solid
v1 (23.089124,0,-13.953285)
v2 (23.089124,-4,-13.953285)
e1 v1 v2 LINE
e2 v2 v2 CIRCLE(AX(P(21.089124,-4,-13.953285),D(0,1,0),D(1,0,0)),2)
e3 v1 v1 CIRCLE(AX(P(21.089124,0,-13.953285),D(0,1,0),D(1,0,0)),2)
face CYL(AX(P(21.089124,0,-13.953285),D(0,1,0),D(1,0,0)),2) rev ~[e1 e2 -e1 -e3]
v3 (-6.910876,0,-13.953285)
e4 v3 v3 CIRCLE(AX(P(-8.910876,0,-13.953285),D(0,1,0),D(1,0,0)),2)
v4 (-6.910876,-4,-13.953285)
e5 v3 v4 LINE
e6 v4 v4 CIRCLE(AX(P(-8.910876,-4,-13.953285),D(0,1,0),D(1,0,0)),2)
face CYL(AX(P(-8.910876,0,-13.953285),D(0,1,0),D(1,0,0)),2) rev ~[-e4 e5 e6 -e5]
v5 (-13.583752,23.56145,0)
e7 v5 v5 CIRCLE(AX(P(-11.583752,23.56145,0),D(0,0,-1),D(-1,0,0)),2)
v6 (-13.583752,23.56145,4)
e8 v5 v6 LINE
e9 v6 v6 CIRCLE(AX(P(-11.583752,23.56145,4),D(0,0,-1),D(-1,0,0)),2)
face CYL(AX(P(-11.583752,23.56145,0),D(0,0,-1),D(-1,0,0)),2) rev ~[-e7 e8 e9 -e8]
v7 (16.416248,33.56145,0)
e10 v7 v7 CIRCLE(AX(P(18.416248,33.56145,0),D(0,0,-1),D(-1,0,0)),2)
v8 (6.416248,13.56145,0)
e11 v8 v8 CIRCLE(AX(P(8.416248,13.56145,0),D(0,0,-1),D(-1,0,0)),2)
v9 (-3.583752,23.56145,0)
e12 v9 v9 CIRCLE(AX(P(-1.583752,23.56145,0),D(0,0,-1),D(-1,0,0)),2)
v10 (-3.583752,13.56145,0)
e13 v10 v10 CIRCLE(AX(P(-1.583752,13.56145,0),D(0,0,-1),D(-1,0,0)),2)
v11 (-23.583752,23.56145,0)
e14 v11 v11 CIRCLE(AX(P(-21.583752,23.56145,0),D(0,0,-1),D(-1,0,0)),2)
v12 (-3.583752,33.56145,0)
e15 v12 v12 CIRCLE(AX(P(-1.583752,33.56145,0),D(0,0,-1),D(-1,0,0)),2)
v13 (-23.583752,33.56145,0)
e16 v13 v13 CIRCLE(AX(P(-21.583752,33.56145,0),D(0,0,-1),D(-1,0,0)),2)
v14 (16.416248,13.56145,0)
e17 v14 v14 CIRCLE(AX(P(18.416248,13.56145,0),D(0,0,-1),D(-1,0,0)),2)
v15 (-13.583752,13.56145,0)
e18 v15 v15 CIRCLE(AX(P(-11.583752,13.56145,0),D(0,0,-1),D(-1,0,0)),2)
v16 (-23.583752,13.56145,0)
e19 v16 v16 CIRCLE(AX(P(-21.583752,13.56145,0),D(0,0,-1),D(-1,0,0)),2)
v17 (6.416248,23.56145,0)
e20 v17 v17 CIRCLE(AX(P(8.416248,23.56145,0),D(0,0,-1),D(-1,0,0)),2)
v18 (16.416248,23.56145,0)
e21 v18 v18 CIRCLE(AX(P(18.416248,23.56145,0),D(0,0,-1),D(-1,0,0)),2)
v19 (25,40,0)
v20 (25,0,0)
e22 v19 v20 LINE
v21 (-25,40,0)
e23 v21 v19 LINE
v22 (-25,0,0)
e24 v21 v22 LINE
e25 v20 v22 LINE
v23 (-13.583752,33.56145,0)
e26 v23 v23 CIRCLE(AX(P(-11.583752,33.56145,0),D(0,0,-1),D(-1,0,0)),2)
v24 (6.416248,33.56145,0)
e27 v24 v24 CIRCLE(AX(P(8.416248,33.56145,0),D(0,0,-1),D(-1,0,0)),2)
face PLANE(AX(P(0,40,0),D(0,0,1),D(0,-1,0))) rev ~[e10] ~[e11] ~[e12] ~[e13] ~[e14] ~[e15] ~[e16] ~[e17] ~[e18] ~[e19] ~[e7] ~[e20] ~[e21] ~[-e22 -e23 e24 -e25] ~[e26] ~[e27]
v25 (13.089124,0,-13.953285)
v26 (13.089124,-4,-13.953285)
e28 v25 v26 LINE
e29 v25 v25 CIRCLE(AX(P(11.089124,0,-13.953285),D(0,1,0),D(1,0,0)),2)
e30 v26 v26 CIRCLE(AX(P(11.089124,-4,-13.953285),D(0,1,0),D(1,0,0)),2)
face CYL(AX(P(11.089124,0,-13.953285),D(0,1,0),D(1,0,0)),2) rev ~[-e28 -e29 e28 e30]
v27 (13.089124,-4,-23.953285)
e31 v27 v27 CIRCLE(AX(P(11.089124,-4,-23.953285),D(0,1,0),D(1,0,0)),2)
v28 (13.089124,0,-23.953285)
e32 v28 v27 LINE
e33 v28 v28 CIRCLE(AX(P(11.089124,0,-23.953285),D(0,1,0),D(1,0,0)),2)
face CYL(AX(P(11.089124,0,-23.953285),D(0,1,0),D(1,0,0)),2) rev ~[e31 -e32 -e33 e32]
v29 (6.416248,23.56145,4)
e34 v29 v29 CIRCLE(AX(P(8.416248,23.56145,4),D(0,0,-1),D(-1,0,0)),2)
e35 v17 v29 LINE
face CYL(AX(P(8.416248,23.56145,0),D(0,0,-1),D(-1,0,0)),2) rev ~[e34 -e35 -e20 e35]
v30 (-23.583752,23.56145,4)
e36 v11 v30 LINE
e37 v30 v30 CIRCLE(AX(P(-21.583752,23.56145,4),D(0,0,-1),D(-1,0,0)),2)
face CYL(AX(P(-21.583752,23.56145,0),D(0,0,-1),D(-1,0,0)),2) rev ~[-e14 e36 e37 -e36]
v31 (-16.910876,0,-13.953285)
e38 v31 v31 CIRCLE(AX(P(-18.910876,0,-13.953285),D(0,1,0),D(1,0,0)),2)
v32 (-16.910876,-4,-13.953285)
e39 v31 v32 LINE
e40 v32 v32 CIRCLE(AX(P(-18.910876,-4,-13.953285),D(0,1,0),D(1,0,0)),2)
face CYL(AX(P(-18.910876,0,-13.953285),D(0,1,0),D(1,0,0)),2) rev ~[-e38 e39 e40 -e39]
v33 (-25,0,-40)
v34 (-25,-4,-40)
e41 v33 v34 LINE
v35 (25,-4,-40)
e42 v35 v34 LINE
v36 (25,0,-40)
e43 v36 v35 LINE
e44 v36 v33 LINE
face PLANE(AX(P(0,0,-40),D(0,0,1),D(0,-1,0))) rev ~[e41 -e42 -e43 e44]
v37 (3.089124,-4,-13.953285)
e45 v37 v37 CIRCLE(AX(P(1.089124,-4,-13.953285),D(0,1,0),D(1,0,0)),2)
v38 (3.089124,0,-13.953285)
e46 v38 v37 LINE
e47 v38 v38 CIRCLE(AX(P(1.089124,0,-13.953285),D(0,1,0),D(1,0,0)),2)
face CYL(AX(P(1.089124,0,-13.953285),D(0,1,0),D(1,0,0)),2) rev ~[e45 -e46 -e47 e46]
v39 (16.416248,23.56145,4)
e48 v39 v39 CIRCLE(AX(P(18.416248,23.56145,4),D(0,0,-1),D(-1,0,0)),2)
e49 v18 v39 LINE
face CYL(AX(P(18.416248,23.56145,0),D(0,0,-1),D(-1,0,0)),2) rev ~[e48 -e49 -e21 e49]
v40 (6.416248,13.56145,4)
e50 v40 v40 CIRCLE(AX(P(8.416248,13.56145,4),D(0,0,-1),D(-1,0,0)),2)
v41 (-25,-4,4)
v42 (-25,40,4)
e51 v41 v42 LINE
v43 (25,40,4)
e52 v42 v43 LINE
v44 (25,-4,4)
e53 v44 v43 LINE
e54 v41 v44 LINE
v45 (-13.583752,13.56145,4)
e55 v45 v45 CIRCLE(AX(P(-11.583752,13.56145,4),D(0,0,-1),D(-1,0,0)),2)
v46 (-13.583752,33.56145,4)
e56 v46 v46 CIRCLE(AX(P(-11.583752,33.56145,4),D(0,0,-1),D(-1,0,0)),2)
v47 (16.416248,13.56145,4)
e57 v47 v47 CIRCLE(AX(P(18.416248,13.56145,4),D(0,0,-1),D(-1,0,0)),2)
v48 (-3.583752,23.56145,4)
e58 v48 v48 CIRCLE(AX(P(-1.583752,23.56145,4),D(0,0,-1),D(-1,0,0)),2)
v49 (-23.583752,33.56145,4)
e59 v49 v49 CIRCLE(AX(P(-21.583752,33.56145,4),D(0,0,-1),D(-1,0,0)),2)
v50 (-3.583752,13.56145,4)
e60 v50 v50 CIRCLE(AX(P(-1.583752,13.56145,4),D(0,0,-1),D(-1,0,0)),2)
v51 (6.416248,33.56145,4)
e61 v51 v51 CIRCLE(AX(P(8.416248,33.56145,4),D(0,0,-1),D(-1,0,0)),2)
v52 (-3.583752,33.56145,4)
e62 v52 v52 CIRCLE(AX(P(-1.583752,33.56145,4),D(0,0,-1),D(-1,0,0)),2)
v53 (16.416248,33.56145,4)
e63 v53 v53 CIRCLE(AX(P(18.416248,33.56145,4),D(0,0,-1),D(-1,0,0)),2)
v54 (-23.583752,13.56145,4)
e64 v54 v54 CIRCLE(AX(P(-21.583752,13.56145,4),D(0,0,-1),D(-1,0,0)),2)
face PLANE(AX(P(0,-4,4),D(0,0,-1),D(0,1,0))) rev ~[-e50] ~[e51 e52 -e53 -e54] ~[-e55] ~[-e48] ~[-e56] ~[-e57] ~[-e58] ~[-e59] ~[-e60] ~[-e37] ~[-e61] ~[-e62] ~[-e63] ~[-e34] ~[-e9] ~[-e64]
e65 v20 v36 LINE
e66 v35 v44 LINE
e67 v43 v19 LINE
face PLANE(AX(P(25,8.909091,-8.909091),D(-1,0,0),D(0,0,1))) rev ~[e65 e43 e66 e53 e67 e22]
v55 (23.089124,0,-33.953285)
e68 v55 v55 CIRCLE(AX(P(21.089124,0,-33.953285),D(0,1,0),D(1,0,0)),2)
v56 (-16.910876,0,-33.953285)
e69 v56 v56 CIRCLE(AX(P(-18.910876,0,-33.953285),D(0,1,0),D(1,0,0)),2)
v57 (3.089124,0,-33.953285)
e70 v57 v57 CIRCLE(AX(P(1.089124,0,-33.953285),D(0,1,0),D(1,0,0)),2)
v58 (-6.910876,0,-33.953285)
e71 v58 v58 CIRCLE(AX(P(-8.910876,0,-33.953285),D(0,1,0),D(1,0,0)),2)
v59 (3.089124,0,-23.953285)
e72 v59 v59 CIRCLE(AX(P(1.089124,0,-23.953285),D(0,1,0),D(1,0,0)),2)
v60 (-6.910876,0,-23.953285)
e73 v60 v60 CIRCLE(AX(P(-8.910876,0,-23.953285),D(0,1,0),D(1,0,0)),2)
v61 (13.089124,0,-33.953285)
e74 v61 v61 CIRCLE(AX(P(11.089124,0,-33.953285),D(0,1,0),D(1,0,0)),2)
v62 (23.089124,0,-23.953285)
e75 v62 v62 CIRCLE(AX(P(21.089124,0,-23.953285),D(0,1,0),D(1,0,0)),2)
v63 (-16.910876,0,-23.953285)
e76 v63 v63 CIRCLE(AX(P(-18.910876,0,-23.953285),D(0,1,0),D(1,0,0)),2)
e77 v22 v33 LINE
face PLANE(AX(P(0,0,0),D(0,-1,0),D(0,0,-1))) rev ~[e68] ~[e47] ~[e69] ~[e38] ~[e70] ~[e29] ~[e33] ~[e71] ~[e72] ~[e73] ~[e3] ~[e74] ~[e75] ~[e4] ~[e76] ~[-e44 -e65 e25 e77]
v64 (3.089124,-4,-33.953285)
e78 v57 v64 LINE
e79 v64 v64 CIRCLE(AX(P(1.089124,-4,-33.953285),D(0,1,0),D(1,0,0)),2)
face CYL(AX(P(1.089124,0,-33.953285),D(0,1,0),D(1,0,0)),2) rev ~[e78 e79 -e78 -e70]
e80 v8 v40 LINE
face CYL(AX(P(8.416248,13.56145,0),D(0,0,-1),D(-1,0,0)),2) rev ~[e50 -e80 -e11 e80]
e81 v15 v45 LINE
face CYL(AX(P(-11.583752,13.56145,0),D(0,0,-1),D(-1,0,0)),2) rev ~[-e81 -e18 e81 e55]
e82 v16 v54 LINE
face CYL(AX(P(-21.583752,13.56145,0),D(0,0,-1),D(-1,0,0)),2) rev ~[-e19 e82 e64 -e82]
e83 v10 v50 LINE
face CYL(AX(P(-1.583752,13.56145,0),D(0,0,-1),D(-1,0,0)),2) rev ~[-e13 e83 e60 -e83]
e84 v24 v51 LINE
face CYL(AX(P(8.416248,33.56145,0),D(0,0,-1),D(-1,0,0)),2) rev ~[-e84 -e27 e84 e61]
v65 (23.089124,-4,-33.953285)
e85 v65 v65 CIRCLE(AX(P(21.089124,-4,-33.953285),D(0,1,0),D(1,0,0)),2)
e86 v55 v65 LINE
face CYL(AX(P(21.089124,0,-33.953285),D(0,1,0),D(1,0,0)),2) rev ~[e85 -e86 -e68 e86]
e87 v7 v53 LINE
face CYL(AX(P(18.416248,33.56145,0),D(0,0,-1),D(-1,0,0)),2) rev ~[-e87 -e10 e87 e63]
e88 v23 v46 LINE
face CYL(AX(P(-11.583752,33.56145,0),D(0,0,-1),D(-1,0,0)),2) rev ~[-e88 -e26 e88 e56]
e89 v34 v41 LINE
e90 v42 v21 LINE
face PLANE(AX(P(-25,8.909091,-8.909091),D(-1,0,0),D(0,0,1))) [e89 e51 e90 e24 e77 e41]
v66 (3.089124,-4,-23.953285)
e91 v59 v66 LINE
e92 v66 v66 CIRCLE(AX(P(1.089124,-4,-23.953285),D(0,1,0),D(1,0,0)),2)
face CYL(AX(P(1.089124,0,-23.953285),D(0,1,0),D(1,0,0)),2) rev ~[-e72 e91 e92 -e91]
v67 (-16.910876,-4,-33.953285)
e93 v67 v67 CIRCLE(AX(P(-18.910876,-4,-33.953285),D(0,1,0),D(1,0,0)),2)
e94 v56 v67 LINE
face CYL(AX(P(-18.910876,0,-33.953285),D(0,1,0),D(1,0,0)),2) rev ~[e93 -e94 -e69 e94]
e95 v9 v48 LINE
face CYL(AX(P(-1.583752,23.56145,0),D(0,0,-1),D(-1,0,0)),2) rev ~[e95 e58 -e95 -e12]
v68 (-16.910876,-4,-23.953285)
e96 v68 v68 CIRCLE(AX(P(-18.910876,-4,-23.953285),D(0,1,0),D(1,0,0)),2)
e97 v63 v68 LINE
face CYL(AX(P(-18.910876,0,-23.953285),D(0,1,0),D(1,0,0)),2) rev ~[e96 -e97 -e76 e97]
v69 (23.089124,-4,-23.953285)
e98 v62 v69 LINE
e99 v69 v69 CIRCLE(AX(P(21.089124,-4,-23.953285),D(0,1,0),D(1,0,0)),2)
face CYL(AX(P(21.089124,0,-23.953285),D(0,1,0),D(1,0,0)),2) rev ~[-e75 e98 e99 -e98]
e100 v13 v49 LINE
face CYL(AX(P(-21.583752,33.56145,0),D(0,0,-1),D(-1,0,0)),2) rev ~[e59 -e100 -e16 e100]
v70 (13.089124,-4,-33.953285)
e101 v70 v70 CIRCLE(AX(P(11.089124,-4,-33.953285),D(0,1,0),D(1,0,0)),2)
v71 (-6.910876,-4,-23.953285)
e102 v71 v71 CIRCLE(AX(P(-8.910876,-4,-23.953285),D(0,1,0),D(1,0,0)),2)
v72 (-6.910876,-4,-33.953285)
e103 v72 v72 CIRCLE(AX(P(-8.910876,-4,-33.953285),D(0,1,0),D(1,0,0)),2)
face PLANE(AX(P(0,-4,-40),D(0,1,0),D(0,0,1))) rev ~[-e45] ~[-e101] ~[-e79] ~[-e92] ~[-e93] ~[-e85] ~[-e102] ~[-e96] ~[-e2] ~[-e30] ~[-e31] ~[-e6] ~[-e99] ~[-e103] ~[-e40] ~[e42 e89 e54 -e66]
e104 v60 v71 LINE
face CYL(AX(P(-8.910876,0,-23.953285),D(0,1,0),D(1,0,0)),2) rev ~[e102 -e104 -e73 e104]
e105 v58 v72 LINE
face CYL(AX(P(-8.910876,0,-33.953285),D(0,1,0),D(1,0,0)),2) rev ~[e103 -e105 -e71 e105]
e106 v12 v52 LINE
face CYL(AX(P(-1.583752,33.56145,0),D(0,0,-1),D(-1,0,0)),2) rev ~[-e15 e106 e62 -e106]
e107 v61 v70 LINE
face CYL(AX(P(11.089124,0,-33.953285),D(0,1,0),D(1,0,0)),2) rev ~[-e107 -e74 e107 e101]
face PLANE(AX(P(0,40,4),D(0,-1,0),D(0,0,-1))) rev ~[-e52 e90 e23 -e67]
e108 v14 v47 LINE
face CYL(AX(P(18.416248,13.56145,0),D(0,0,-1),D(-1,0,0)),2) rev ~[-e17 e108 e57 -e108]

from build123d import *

# Parameters (mm, degrees)
EXTRUDE_THIN1_DEPTH = 25
SKETCH2_R           = 2
CUT_EXTRUDE1_DEPTH  = 5
SKETCH3_R           = 2
CUT_EXTRUDE2_DEPTH  = 5


with BuildPart() as part:
    # Sketch1 → Extrude-Thin1 (new body, symmetric)
    with BuildSketch(Plane(origin=(0, 0, 0), x_dir=(0, 0, -1), z_dir=(1, 0, 0))):
        Polygon((0, 40), (0, 0), (40, 0), (40, -4), (-4, -4), (-4, 40), align=None)
    extrude(amount=EXTRUDE_THIN1_DEPTH, both=True)

    # Sketch2 → Cut-Extrude1 (cut, through all)
    with BuildSketch(Plane(origin=(0, 0, 0), x_dir=(1, 0, 0), z_dir=(0, 1, 0))):
        with Locations((-18.910875839, 33.953285117)):
            Circle(SKETCH2_R)
        with Locations((-8.910875839, 33.953285117)):
            Circle(SKETCH2_R)
        with Locations((1.089124161, 33.953285117)):
            Circle(SKETCH2_R)
        with Locations((11.089124161, 33.953285117)):
            Circle(SKETCH2_R)
        with Locations((21.089124161, 33.953285117)):
            Circle(SKETCH2_R)
        with Locations((-8.910875839, 23.953285117)):
            Circle(SKETCH2_R)
        with Locations((1.089124161, 23.953285117)):
            Circle(SKETCH2_R)
        with Locations((11.089124161, 23.953285117)):
            Circle(SKETCH2_R)
        with Locations((21.089124161, 23.953285117)):
            Circle(SKETCH2_R)
        with Locations((-8.910875839, 13.953285117)):
            Circle(SKETCH2_R)
        with Locations((1.089124161, 13.953285117)):
            Circle(SKETCH2_R)
        with Locations((11.089124161, 13.953285117)):
            Circle(SKETCH2_R)
        with Locations((21.089124161, 13.953285117)):
            Circle(SKETCH2_R)
        with Locations((-18.910875839, 23.953285117)):
            Circle(SKETCH2_R)
        with Locations((-18.910875839, 13.953285117)):
            Circle(SKETCH2_R)
    extrude(amount=-CUT_EXTRUDE1_DEPTH, mode=Mode.SUBTRACT)

    # Sketch3 → Cut-Extrude2 (cut, through all)
    with BuildSketch(Plane(origin=(0, 0, 0), x_dir=(-1, 0, 0), z_dir=(0, 0, -1))):
        with Locations((-18.416248434, 33.561450044)):
            Circle(SKETCH3_R)
        with Locations((-8.416248434, 33.561450044)):
            Circle(SKETCH3_R)
        with Locations((1.583751566, 33.561450044)):
            Circle(SKETCH3_R)
        with Locations((11.583751566, 33.561450044)):
            Circle(SKETCH3_R)
        with Locations((21.583751566, 33.561450044)):
            Circle(SKETCH3_R)
        with Locations((-8.416248434, 23.561450044)):
            Circle(SKETCH3_R)
        with Locations((1.583751566, 23.561450044)):
            Circle(SKETCH3_R)
        with Locations((11.583751566, 23.561450044)):
            Circle(SKETCH3_R)
        with Locations((21.583751566, 23.561450044)):
            Circle(SKETCH3_R)
        with Locations((-8.416248434, 13.561450044)):
            Circle(SKETCH3_R)
        with Locations((1.583751566, 13.561450044)):
            Circle(SKETCH3_R)
        with Locations((11.583751566, 13.561450044)):
            Circle(SKETCH3_R)
        with Locations((21.583751566, 13.561450044)):
            Circle(SKETCH3_R)
        with Locations((-18.416248434, 23.561450044)):
            Circle(SKETCH3_R)
        with Locations((-18.416248434, 13.561450044)):
            Circle(SKETCH3_R)
    extrude(amount=-CUT_EXTRUDE2_DEPTH, mode=Mode.SUBTRACT)


solid = part.part
